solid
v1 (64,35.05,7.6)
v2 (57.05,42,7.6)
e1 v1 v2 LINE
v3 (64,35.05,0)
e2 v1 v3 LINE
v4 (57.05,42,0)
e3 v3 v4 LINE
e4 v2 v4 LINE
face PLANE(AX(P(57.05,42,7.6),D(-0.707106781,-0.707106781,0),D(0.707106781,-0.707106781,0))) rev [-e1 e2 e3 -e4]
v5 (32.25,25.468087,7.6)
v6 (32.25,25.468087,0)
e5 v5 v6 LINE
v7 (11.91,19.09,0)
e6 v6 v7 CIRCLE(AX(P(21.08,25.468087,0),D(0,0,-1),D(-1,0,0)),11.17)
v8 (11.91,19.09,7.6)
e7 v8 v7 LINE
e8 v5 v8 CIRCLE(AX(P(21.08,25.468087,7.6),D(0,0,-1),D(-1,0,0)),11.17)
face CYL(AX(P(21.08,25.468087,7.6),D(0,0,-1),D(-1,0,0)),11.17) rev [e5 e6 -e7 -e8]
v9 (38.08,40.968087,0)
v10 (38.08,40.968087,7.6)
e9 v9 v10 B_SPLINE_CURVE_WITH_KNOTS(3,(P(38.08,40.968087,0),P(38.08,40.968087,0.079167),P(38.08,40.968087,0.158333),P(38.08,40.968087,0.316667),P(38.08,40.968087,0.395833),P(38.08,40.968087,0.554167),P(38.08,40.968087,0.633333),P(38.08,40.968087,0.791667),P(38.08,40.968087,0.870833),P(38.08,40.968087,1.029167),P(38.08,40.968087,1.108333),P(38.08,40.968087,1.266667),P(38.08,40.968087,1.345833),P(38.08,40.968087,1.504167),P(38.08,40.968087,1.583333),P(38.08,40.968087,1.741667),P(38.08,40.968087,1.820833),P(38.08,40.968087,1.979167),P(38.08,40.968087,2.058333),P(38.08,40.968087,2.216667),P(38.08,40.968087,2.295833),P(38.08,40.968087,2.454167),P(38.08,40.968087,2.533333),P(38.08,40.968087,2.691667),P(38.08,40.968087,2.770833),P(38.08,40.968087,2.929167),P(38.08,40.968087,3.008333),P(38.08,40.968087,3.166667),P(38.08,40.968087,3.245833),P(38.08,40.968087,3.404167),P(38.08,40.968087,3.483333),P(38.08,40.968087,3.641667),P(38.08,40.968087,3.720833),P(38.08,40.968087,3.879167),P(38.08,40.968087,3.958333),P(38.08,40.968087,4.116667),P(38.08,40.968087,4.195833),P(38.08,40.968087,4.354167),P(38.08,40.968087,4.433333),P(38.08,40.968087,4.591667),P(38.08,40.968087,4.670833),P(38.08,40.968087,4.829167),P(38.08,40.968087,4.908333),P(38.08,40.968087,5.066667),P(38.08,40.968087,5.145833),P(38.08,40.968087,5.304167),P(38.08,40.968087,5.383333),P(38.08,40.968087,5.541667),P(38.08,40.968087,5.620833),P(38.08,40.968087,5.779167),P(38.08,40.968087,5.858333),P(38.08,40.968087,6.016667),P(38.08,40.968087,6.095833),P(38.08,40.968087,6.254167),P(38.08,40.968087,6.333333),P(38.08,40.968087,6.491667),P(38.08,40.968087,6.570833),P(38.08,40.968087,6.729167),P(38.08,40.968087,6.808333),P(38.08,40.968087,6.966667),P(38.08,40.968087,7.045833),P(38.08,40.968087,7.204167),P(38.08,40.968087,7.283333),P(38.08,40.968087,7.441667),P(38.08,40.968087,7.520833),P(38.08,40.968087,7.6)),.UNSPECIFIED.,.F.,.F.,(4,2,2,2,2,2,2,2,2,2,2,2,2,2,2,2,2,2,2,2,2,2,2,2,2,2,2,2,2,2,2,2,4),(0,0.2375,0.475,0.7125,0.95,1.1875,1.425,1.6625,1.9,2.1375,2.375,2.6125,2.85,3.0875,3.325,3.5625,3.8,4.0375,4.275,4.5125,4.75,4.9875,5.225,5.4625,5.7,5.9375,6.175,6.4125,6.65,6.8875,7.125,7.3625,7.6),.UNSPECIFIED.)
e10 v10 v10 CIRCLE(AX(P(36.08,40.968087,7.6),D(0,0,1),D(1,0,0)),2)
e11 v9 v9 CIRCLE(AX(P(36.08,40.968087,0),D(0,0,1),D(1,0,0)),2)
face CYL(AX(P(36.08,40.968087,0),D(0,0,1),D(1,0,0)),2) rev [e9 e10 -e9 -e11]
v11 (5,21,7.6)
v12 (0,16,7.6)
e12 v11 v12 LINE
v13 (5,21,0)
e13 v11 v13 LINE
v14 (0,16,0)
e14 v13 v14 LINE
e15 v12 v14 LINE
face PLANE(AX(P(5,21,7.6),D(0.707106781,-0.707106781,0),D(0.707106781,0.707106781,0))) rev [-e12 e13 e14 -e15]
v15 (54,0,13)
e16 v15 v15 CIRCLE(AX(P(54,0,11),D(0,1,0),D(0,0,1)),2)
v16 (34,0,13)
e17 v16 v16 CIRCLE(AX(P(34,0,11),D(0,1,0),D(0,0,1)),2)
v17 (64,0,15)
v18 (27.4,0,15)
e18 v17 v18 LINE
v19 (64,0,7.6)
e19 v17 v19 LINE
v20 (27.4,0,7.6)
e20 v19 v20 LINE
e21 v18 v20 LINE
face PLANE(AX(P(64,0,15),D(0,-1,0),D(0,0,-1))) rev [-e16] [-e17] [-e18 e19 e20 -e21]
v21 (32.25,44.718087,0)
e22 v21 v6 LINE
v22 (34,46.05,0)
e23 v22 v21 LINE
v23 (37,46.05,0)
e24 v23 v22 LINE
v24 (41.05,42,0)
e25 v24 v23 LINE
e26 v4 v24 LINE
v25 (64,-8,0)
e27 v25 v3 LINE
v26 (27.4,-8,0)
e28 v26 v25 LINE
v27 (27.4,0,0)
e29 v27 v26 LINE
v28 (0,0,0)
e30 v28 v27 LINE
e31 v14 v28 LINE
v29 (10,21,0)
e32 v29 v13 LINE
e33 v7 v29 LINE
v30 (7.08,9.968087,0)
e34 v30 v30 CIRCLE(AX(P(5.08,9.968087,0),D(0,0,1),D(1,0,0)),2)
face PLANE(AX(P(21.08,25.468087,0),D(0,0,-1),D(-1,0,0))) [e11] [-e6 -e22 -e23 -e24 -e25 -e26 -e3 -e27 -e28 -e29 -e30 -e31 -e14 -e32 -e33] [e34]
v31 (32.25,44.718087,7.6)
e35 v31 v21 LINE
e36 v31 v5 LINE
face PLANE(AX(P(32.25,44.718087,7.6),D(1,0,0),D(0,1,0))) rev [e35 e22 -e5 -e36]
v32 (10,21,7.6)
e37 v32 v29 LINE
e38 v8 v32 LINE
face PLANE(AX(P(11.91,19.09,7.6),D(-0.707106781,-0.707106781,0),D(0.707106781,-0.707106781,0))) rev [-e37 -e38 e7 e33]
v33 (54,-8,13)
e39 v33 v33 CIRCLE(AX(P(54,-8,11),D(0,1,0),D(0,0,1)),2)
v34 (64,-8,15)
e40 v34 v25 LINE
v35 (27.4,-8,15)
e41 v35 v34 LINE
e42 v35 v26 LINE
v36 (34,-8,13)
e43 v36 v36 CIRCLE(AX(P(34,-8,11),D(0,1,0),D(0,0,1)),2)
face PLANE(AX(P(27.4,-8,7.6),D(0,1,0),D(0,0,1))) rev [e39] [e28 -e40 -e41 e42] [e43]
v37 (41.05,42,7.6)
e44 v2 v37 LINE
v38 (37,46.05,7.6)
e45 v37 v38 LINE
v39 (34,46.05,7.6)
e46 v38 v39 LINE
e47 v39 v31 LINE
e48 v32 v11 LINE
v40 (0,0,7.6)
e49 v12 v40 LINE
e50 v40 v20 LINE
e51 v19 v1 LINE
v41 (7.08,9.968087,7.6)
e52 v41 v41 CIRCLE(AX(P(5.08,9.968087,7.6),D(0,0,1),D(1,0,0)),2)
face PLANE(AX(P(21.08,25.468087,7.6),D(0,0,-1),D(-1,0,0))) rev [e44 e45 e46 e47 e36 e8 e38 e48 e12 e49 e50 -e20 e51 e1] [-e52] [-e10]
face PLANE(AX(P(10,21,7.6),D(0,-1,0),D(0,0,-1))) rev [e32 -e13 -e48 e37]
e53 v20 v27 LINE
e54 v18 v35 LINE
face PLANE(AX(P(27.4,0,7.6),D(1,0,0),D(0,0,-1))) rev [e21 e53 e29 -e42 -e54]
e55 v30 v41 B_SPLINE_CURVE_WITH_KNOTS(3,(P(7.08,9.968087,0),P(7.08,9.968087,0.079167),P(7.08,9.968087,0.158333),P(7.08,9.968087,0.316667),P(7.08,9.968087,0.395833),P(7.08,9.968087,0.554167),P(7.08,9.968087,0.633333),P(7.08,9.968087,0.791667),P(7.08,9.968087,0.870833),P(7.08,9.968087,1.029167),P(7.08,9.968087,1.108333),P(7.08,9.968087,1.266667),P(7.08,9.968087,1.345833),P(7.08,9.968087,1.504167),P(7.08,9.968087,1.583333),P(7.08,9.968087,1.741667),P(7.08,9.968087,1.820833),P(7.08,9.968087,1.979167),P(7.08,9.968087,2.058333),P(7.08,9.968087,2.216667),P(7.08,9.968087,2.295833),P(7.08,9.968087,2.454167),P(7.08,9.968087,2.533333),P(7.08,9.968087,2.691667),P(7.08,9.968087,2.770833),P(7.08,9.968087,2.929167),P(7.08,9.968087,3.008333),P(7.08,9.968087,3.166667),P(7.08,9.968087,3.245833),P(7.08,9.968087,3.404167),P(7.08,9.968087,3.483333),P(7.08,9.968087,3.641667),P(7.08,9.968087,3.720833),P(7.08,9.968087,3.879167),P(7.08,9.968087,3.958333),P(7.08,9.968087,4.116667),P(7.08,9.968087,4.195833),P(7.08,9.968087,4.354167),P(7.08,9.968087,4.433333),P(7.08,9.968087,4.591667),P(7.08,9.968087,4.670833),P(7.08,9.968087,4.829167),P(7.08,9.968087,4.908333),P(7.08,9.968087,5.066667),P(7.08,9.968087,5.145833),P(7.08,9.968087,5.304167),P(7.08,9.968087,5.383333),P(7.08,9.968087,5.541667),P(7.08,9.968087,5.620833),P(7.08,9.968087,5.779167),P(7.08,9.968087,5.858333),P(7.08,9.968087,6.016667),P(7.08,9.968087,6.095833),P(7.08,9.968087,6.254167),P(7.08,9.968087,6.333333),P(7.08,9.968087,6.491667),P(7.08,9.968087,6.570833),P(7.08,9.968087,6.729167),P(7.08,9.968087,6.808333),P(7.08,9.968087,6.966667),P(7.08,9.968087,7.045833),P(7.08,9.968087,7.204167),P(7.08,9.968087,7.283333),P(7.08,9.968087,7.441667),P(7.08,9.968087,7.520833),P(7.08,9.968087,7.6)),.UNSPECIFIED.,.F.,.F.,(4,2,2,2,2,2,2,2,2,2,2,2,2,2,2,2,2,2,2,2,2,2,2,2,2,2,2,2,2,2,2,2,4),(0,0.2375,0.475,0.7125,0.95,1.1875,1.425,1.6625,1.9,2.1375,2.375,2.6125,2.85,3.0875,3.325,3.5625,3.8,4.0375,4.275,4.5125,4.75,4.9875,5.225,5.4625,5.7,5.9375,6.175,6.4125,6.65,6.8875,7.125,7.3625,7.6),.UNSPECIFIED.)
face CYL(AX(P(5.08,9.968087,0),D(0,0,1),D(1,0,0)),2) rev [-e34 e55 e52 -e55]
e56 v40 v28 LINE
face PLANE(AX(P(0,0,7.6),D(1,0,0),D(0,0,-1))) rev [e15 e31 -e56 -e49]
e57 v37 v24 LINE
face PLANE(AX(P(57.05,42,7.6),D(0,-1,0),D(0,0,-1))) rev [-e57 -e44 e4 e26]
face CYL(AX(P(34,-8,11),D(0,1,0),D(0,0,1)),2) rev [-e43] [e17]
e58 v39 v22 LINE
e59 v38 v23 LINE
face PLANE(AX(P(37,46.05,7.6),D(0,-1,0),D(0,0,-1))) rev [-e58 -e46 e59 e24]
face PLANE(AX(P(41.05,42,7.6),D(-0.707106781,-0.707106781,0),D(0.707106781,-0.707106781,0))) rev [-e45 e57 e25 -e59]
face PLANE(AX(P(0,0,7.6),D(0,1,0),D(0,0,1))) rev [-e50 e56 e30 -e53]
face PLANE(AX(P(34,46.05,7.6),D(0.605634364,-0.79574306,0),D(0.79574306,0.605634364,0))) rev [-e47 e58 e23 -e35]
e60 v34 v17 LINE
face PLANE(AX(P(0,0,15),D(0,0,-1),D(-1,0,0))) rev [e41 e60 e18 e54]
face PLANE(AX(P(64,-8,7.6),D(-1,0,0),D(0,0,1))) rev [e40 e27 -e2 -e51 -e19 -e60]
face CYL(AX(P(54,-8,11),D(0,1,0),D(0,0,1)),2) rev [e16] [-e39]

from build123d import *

# Parameters (mm, degrees)
BOSS_EXTRUDE1_DEPTH = 7.6
SKETCH2_W           = 36.6
SKETCH2_H           = 8
BOSS_EXTRUDE2_DEPTH = 7.4
SKETCH3_R           = 2
CUT_EXTRUDE1_DEPTH  = 81.259594442
SKETCH4_R           = 2
CUT_EXTRUDE2_DEPTH  = 80.210873622


with BuildPart() as part:
    # Sketch1 → Boss-Extrude1 (new body)
    with BuildSketch(Plane.XY):
        with BuildLine():
            Line((57.05, 42), (41.05, 42))
            Line((41.05, 42), (37, 46.05))
            Line((37, 46.05), (34, 46.05))
            Line((34, 46.05), (32.25, 44.718087488))
            Line((32.25, 44.718087488), (32.25, 25.468087488))
            ThreePointArc((32.25, 25.468087488), (24.422154993, 14.809809015), (11.91, 19.09))
            Line((11.91, 19.09), (10, 21))
            Line((10, 21), (5, 21))
            Line((5, 21), (0, 16))
            Line((0, 16), (0, 0))
            Line((0, 0), (27.4, 0))
            Line((27.4, 0), (27.4, -8))
            Line((27.4, -8), (64, -8))
            Line((64, -8), (64, 35.05))
            Line((64, 35.05), (57.05, 42))
        make_face()
    extrude(amount=BOSS_EXTRUDE1_DEPTH)

    # Sketch2 → Boss-Extrude2 (add)
    with BuildSketch(Plane.XY.offset(7.6)):
        with Locations((45.7, -4)):
            Rectangle(SKETCH2_W, SKETCH2_H)
    extrude(amount=BOSS_EXTRUDE2_DEPTH)

    # Sketch3 → Cut-Extrude1 (cut, through all)
    with BuildSketch(Plane(origin=(0, 0, 0), x_dir=(1, 0, 0), z_dir=(0, 1, 0))):
        with Locations(Location((54, -11, 0), (0, 0, 270))):
            Circle(SKETCH3_R)
        with Locations(Location((34, -11, 0), (0, 0, 270))):
            Circle(SKETCH3_R)
    extrude(amount=-CUT_EXTRUDE1_DEPTH, mode=Mode.SUBTRACT)

    # Sketch4 → Cut-Extrude2 (cut, through all)
    with BuildSketch(Plane.XY.offset(7.6)):
        with Locations((5.08, 9.968087488)):
            Circle(SKETCH4_R)
        with Locations((36.08, 40.968087488)):
            Circle(SKETCH4_R)
    extrude(amount=-CUT_EXTRUDE2_DEPTH, mode=Mode.SUBTRACT)


solid = part.part
